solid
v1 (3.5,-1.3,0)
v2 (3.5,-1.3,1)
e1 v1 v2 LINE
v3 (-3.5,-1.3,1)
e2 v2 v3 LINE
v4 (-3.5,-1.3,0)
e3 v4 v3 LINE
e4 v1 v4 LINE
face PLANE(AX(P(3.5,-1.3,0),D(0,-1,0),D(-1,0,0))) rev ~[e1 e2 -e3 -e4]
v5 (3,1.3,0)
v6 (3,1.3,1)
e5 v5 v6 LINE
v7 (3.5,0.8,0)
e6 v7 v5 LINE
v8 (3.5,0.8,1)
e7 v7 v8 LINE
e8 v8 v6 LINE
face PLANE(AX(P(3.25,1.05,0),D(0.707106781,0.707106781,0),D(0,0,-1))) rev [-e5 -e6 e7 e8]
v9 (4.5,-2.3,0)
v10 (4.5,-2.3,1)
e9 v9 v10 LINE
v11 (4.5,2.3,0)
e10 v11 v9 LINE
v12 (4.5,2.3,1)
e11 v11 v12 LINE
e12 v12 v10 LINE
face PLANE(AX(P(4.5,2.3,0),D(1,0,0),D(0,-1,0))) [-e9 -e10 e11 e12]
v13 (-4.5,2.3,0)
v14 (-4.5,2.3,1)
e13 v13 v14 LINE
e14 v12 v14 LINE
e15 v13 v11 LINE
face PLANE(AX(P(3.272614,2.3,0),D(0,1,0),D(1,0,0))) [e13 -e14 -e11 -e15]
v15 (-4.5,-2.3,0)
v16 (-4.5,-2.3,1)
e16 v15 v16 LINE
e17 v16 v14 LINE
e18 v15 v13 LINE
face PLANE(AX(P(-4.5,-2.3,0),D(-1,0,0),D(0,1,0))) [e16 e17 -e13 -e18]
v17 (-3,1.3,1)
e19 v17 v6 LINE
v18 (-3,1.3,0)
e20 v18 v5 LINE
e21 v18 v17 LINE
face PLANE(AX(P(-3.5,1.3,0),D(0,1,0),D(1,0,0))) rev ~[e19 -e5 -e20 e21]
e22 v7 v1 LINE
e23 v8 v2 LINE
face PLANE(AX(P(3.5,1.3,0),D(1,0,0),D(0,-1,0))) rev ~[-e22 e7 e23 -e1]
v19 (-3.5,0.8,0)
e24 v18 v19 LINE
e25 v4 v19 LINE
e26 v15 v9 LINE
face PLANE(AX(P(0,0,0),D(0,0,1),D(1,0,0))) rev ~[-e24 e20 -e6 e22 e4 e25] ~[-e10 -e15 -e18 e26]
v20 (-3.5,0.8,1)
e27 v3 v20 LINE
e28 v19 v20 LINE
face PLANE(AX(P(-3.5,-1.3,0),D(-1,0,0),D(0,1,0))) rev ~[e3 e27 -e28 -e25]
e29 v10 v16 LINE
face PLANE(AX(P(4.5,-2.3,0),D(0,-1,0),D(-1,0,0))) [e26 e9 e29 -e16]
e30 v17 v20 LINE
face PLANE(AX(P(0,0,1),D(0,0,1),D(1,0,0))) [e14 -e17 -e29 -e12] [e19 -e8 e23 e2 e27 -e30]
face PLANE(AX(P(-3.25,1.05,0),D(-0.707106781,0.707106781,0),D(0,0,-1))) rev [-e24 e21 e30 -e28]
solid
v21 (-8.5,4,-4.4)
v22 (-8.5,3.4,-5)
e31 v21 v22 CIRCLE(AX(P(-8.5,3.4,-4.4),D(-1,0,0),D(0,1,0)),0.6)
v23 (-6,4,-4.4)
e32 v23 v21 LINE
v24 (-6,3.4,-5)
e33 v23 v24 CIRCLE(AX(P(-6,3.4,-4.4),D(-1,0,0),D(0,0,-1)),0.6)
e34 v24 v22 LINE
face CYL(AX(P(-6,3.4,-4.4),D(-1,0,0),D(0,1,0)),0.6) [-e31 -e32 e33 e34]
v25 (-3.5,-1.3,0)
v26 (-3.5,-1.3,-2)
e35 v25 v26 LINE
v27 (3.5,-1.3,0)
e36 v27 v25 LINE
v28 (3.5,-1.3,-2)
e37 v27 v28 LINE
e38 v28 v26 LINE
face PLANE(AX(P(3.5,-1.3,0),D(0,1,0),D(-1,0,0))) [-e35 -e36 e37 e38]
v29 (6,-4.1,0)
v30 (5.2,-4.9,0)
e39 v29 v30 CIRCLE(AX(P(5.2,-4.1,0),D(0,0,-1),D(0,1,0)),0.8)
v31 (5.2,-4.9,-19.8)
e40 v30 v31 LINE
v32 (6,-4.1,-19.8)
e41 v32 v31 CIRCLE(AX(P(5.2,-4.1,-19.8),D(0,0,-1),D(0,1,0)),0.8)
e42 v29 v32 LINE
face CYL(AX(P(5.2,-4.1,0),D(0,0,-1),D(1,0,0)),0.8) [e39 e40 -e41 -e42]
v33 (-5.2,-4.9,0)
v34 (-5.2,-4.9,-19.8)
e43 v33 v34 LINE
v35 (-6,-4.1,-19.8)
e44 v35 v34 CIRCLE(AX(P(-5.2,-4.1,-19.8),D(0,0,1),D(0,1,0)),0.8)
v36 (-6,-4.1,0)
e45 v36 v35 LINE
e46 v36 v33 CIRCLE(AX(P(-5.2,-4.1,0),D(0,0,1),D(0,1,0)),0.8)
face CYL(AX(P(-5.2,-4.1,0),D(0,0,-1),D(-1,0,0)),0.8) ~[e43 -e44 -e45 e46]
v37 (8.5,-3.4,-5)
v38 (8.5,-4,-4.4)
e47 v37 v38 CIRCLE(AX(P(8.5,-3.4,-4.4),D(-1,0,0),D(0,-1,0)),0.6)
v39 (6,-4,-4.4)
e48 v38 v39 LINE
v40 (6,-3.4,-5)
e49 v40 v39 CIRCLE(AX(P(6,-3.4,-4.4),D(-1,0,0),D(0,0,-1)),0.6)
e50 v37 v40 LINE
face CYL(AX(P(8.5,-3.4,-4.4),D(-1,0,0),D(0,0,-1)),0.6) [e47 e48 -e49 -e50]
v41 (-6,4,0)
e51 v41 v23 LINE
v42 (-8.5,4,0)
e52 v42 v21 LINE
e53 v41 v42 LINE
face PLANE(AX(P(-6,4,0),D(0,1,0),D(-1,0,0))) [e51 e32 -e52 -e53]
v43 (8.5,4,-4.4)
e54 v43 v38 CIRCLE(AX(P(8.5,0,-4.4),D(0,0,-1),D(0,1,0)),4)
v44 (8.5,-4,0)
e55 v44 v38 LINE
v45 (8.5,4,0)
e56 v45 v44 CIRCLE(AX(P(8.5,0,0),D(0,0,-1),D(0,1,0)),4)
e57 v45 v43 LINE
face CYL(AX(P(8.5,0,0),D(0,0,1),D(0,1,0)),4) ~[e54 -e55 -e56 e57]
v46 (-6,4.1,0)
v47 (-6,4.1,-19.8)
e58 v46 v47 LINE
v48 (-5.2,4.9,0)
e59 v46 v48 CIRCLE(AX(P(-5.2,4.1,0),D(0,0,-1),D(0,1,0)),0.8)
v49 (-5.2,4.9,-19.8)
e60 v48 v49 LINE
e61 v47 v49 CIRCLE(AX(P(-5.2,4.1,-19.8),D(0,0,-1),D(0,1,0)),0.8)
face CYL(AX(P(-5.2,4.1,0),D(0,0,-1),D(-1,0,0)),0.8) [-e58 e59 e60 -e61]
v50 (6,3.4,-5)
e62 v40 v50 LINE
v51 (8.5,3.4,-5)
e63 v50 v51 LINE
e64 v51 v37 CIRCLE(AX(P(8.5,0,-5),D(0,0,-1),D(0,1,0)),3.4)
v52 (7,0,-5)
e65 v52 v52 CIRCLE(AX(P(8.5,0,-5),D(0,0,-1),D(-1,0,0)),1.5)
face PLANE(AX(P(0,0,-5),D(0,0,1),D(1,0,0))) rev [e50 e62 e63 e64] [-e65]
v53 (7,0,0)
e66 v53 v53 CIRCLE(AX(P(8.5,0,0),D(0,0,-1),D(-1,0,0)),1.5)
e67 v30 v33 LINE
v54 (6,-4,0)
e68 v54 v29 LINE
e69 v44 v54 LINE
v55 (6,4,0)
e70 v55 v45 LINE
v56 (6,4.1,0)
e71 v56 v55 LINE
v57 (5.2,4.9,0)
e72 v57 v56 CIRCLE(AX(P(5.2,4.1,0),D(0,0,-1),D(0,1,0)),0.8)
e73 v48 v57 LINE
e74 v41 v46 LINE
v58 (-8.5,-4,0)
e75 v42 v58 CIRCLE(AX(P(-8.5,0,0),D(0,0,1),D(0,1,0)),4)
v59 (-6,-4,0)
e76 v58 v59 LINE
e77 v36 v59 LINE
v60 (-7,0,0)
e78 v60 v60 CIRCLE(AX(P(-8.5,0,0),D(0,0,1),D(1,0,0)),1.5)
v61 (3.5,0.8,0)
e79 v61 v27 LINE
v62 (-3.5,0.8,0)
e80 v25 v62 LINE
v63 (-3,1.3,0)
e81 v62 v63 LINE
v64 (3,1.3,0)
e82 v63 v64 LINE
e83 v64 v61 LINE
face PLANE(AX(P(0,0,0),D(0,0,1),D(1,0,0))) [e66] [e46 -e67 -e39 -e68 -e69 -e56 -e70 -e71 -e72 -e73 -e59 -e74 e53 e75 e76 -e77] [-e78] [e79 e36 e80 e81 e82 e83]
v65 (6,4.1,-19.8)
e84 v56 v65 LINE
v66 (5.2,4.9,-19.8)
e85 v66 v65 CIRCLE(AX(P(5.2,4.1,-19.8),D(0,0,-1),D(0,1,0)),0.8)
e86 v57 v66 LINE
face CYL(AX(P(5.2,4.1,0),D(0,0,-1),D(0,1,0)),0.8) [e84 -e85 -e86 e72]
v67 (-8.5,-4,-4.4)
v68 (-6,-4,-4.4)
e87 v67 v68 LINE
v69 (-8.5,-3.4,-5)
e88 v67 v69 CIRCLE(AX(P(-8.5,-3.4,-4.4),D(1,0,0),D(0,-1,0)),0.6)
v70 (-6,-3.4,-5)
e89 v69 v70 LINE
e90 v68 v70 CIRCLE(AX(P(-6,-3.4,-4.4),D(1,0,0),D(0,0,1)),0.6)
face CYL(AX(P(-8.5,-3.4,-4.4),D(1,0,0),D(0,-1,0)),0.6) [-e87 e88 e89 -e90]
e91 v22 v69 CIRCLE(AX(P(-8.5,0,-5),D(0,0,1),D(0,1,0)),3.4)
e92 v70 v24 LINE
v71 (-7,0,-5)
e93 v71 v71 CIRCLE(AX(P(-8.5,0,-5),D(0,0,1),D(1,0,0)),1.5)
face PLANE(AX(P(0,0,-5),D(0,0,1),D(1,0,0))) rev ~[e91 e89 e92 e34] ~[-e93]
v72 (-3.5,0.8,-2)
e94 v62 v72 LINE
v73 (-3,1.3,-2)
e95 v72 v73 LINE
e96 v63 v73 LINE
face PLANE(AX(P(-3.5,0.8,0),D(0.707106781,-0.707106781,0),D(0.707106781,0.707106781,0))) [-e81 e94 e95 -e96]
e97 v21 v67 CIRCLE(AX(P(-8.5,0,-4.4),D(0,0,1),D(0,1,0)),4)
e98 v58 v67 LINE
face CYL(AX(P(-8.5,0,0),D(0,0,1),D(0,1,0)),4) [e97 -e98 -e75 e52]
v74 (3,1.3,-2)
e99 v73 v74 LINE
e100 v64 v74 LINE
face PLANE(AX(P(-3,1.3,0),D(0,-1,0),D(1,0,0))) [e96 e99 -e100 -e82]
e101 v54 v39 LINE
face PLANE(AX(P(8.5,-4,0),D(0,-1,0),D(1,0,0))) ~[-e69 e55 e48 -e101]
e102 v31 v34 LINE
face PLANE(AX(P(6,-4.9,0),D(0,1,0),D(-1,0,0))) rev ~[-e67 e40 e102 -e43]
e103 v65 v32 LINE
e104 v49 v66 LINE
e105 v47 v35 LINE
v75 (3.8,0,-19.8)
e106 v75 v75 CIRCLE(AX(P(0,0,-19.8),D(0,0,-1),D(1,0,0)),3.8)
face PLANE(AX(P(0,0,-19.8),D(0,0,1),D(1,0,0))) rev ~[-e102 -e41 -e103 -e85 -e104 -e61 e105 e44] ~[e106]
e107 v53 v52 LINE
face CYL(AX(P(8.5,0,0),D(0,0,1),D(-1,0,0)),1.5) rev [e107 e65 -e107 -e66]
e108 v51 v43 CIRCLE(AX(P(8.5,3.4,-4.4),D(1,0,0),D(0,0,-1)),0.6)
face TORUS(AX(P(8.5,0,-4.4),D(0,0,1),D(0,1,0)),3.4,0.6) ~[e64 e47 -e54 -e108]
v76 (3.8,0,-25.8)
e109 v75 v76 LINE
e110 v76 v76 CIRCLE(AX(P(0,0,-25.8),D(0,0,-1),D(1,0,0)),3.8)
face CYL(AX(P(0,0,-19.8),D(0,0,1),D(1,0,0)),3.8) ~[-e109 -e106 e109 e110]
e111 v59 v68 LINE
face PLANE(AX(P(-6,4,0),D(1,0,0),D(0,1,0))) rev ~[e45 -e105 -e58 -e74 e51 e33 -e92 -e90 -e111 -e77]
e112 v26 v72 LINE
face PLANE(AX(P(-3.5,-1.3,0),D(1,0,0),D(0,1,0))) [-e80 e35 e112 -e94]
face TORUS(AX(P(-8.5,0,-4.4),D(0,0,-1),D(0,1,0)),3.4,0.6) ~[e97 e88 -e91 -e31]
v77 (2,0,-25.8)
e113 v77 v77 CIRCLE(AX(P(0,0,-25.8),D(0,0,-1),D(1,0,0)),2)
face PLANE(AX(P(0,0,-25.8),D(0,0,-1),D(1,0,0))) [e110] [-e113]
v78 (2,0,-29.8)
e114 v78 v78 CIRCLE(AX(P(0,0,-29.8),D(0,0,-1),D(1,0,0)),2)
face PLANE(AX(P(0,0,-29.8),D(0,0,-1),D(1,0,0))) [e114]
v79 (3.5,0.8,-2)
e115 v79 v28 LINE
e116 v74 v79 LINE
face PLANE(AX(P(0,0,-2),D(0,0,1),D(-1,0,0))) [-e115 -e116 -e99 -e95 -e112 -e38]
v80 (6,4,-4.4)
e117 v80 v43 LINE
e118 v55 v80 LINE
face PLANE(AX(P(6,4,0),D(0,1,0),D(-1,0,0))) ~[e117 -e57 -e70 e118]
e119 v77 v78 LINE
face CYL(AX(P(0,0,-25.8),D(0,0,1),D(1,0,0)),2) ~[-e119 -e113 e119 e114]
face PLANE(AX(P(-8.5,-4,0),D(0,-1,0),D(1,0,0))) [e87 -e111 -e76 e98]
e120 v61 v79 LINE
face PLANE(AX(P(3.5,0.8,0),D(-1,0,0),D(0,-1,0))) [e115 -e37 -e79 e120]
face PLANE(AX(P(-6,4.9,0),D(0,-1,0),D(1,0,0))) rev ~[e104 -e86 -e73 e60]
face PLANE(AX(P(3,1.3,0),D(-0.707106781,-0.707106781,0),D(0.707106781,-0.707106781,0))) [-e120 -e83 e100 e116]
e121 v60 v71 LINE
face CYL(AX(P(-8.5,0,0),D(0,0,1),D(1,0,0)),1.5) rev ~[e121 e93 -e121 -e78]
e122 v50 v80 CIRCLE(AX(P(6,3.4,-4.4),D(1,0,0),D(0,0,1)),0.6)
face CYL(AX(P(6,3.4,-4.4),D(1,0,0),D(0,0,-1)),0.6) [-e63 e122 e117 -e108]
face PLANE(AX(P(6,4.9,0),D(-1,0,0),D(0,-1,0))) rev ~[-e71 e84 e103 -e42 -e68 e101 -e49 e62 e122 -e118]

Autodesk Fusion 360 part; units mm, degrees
sketch "Sketch1" plane through (0, 0, 0) normal (0, 0, 1) x (1, 0, 0)
  line L0 (4.5, -2.3) -> (-4.5, -2.3)
  line L1 (-4.5, -2.3) -> (-4.5, 2.3)
  line L2 (-4.5, 2.3) -> (4.5, 2.3)
  line L3 (4.5, 2.3) -> (4.5, -2.3)
  line L4 (4.5, -2.3) -> (-4.5, 2.3) construction
  line L5 (-4.5, -2.3) -> (4.5, 2.3) construction
  line L6 (3.5, -1.3) -> (-3.5, -1.3)
  line L7 (-3.5, -1.3) -> (-3.5, 1.3)
  line L8 (-3.5, 1.3) -> (3.5, 1.3)
  line L9 (3.5, 1.3) -> (3.5, -1.3)
  line L10 (6, -4.9) -> (-6, -4.9)
  line L11 (-6, -4.9) -> (-6, 4.9)
  line L12 (-6, 4.9) -> (6, 4.9)
  line L13 (6, 4.9) -> (6, -4.9)
  line L14 (6, -4.9) -> (-6, 4.9) construction
  line L15 (-6, -4.9) -> (6, 4.9) construction
  circle A0 centre (-8.5, 0) radius 1.5
  line L16 (-8.5, -4) -> (0, -4)
  arc A1 (0, -4) -> (0, 4) centre (0, 0) ccw
  line L17 (0, 4) -> (-8.5, 4)
  arc A2 (-8.5, 4) -> (-8.5, -4) centre (-8.5, 0) ccw
  line L18 (-8.5, 0) -> (0, 0) construction
  dimension "d1" = 9
  dimension "d2" = 4.6
  dimension "d3" = 1
  dimension "d4" = 12
  dimension "d5" = 9.8
  dimension "d6" = 3
  dimension "d7" = 8.5
  dimension "d8" = 8
extrude "Extrude1" add sketch "Sketch1" against normal blind 19.8 contours L0 L2 L3 L10 L11 L12 L13 L16 A1 L17 | L0 L2 L3 A1 | L0 L1 L2 L11 L16 A1 L17 | L0 L1 L2 A1 | L6 L7 L8 L9 makes body 1
extrude "Extrude2" add sketch "Sketch1" along normal blind 1 separate body contours L0 L2 L3 A1 | L0 L1 L2 A1 makes body 2
fillet "Fillet1" radius 0.8 4 edges at (6, -4.9, -9.9) (-6, -4.9, -9.9) (-6, 4.9, -9.9) (6, 4.9, -9.9) on bodies 1
extrude "Extrude3" add sketch "Sketch1" against normal blind 5 contours L11 L16 L17 A2 bodies 1
mirror "Mirror1" about plane through (0, 0, 0) normal (1, 0, 0) of "Extrude3"
chamfer "Chamfer2" distance 0.5 angle 45 2 edges at (3.5, 1.3, 0.5) (-3.5, 1.3, 0.5) on bodies 2
fillet "Fillet2" radius 0.6 6 edges at (7.25, -4, -5) (12.5, 0, -5) (7.25, 4, -5) (-7.25, -4, -5) (-12.5, 0, -5) (-7.25, 4, -5) on bodies 1
sketch "Sketch2" plane through (0, 0, -19.8) normal (0, 0, -1) x (1, 0, 0)
  arc A0 (5.2, -4.9) -> (6, -4.1) centre (5.2, -4.1) ccw
  line L0 (6, -4.1) -> (6, 4.1)
  arc A1 (6, 4.1) -> (5.2, 4.9) centre (5.2, 4.1) ccw
  line L1 (5.2, 4.9) -> (-5.2, 4.9)
  arc A2 (-5.2, 4.9) -> (-6, 4.1) centre (-5.2, 4.1) ccw
  line L2 (-6, 4.1) -> (-6, -4.1)
  arc A3 (-6, -4.1) -> (-5.2, -4.9) centre (-5.2, -4.1) ccw
  line L3 (-5.2, -4.9) -> (5.2, -4.9)
  circle A4 centre (0, 0) radius 3.8
  circle A5 centre (0, 0) radius 2
  dimension "d20" = 7.6
  dimension "d21" = 4
extrude "Extrude4" add sketch "Sketch2" along normal blind 6 contours A4 | A5 bodies 1
extrude "Extrude5" add sketch "Sketch2" along normal blind 4 from surface at 6 contours A5 bodies 1
sketch "Sketch3" plane through (0, 0, 0) normal (0, 0, 1) x (-1, 0, 0)
  circle A0 centre (-8.5, 0) radius 1.5
  circle A1 centre (8.5, 0) radius 1.5
  arc A2 (-6, -4.1) -> (-5.2, -4.9) centre (-5.2, -4.1) ccw
  line L0 (-5.2, -4.9) -> (5.2, -4.9)
  arc A3 (5.2, -4.9) -> (6, -4.1) centre (5.2, -4.1) ccw
  line L1 (6, -4.1) -> (6, -4)
  line L2 (6, -4) -> (8.5, -4)
  arc A4 (8.5, -4) -> (8.5, 4) centre (8.5, 0) ccw
  line L3 (8.5, 4) -> (6, 4)
  line L4 (6, 4) -> (6, 4.1)
  arc A5 (6, 4.1) -> (5.2, 4.9) centre (5.2, 4.1) ccw
  line L5 (5.2, 4.9) -> (-5.2, 4.9)
  arc A6 (-5.2, 4.9) -> (-6, 4.1) centre (-5.2, 4.1) ccw
  line L6 (-6, 4.1) -> (-6, 4)
  line L7 (-6, 4) -> (-8.5, 4)
  arc A7 (-8.5, 4) -> (-8.5, -4) centre (-8.5, 0) ccw
  line L8 (-8.5, -4) -> (-6, -4)
  line L9 (-6, -4) -> (-6, -4.1)
  line L10 (3, -1.3) -> (-3, -1.3)
  line L11 (-3, -1.3) -> (-3.5, -0.8)
  line L12 (-3.5, -0.8) -> (-3.5, 1.3)
  line L13 (-3.5, 1.3) -> (3.5, 1.3)
  line L14 (3.5, 1.3) -> (3.5, -0.8)
  line L15 (3.5, -0.8) -> (3, -1.3)
  line L16 (-4.5, -2.3) -> (4.5, -2.3)
  line L17 (4.5, -2.3) -> (4.5, 2.3)
  line L18 (4.5, 2.3) -> (-4.5, 2.3)
  line L19 (-4.5, 2.3) -> (-4.5, -2.3)
extrude "Extrude6" cut sketch "Sketch3" against normal blind 2 contours L10 L11 L12 L13 L14 L15 bodies 1
equation "d7 = ( 17 / 2 ) * 1 mm"
